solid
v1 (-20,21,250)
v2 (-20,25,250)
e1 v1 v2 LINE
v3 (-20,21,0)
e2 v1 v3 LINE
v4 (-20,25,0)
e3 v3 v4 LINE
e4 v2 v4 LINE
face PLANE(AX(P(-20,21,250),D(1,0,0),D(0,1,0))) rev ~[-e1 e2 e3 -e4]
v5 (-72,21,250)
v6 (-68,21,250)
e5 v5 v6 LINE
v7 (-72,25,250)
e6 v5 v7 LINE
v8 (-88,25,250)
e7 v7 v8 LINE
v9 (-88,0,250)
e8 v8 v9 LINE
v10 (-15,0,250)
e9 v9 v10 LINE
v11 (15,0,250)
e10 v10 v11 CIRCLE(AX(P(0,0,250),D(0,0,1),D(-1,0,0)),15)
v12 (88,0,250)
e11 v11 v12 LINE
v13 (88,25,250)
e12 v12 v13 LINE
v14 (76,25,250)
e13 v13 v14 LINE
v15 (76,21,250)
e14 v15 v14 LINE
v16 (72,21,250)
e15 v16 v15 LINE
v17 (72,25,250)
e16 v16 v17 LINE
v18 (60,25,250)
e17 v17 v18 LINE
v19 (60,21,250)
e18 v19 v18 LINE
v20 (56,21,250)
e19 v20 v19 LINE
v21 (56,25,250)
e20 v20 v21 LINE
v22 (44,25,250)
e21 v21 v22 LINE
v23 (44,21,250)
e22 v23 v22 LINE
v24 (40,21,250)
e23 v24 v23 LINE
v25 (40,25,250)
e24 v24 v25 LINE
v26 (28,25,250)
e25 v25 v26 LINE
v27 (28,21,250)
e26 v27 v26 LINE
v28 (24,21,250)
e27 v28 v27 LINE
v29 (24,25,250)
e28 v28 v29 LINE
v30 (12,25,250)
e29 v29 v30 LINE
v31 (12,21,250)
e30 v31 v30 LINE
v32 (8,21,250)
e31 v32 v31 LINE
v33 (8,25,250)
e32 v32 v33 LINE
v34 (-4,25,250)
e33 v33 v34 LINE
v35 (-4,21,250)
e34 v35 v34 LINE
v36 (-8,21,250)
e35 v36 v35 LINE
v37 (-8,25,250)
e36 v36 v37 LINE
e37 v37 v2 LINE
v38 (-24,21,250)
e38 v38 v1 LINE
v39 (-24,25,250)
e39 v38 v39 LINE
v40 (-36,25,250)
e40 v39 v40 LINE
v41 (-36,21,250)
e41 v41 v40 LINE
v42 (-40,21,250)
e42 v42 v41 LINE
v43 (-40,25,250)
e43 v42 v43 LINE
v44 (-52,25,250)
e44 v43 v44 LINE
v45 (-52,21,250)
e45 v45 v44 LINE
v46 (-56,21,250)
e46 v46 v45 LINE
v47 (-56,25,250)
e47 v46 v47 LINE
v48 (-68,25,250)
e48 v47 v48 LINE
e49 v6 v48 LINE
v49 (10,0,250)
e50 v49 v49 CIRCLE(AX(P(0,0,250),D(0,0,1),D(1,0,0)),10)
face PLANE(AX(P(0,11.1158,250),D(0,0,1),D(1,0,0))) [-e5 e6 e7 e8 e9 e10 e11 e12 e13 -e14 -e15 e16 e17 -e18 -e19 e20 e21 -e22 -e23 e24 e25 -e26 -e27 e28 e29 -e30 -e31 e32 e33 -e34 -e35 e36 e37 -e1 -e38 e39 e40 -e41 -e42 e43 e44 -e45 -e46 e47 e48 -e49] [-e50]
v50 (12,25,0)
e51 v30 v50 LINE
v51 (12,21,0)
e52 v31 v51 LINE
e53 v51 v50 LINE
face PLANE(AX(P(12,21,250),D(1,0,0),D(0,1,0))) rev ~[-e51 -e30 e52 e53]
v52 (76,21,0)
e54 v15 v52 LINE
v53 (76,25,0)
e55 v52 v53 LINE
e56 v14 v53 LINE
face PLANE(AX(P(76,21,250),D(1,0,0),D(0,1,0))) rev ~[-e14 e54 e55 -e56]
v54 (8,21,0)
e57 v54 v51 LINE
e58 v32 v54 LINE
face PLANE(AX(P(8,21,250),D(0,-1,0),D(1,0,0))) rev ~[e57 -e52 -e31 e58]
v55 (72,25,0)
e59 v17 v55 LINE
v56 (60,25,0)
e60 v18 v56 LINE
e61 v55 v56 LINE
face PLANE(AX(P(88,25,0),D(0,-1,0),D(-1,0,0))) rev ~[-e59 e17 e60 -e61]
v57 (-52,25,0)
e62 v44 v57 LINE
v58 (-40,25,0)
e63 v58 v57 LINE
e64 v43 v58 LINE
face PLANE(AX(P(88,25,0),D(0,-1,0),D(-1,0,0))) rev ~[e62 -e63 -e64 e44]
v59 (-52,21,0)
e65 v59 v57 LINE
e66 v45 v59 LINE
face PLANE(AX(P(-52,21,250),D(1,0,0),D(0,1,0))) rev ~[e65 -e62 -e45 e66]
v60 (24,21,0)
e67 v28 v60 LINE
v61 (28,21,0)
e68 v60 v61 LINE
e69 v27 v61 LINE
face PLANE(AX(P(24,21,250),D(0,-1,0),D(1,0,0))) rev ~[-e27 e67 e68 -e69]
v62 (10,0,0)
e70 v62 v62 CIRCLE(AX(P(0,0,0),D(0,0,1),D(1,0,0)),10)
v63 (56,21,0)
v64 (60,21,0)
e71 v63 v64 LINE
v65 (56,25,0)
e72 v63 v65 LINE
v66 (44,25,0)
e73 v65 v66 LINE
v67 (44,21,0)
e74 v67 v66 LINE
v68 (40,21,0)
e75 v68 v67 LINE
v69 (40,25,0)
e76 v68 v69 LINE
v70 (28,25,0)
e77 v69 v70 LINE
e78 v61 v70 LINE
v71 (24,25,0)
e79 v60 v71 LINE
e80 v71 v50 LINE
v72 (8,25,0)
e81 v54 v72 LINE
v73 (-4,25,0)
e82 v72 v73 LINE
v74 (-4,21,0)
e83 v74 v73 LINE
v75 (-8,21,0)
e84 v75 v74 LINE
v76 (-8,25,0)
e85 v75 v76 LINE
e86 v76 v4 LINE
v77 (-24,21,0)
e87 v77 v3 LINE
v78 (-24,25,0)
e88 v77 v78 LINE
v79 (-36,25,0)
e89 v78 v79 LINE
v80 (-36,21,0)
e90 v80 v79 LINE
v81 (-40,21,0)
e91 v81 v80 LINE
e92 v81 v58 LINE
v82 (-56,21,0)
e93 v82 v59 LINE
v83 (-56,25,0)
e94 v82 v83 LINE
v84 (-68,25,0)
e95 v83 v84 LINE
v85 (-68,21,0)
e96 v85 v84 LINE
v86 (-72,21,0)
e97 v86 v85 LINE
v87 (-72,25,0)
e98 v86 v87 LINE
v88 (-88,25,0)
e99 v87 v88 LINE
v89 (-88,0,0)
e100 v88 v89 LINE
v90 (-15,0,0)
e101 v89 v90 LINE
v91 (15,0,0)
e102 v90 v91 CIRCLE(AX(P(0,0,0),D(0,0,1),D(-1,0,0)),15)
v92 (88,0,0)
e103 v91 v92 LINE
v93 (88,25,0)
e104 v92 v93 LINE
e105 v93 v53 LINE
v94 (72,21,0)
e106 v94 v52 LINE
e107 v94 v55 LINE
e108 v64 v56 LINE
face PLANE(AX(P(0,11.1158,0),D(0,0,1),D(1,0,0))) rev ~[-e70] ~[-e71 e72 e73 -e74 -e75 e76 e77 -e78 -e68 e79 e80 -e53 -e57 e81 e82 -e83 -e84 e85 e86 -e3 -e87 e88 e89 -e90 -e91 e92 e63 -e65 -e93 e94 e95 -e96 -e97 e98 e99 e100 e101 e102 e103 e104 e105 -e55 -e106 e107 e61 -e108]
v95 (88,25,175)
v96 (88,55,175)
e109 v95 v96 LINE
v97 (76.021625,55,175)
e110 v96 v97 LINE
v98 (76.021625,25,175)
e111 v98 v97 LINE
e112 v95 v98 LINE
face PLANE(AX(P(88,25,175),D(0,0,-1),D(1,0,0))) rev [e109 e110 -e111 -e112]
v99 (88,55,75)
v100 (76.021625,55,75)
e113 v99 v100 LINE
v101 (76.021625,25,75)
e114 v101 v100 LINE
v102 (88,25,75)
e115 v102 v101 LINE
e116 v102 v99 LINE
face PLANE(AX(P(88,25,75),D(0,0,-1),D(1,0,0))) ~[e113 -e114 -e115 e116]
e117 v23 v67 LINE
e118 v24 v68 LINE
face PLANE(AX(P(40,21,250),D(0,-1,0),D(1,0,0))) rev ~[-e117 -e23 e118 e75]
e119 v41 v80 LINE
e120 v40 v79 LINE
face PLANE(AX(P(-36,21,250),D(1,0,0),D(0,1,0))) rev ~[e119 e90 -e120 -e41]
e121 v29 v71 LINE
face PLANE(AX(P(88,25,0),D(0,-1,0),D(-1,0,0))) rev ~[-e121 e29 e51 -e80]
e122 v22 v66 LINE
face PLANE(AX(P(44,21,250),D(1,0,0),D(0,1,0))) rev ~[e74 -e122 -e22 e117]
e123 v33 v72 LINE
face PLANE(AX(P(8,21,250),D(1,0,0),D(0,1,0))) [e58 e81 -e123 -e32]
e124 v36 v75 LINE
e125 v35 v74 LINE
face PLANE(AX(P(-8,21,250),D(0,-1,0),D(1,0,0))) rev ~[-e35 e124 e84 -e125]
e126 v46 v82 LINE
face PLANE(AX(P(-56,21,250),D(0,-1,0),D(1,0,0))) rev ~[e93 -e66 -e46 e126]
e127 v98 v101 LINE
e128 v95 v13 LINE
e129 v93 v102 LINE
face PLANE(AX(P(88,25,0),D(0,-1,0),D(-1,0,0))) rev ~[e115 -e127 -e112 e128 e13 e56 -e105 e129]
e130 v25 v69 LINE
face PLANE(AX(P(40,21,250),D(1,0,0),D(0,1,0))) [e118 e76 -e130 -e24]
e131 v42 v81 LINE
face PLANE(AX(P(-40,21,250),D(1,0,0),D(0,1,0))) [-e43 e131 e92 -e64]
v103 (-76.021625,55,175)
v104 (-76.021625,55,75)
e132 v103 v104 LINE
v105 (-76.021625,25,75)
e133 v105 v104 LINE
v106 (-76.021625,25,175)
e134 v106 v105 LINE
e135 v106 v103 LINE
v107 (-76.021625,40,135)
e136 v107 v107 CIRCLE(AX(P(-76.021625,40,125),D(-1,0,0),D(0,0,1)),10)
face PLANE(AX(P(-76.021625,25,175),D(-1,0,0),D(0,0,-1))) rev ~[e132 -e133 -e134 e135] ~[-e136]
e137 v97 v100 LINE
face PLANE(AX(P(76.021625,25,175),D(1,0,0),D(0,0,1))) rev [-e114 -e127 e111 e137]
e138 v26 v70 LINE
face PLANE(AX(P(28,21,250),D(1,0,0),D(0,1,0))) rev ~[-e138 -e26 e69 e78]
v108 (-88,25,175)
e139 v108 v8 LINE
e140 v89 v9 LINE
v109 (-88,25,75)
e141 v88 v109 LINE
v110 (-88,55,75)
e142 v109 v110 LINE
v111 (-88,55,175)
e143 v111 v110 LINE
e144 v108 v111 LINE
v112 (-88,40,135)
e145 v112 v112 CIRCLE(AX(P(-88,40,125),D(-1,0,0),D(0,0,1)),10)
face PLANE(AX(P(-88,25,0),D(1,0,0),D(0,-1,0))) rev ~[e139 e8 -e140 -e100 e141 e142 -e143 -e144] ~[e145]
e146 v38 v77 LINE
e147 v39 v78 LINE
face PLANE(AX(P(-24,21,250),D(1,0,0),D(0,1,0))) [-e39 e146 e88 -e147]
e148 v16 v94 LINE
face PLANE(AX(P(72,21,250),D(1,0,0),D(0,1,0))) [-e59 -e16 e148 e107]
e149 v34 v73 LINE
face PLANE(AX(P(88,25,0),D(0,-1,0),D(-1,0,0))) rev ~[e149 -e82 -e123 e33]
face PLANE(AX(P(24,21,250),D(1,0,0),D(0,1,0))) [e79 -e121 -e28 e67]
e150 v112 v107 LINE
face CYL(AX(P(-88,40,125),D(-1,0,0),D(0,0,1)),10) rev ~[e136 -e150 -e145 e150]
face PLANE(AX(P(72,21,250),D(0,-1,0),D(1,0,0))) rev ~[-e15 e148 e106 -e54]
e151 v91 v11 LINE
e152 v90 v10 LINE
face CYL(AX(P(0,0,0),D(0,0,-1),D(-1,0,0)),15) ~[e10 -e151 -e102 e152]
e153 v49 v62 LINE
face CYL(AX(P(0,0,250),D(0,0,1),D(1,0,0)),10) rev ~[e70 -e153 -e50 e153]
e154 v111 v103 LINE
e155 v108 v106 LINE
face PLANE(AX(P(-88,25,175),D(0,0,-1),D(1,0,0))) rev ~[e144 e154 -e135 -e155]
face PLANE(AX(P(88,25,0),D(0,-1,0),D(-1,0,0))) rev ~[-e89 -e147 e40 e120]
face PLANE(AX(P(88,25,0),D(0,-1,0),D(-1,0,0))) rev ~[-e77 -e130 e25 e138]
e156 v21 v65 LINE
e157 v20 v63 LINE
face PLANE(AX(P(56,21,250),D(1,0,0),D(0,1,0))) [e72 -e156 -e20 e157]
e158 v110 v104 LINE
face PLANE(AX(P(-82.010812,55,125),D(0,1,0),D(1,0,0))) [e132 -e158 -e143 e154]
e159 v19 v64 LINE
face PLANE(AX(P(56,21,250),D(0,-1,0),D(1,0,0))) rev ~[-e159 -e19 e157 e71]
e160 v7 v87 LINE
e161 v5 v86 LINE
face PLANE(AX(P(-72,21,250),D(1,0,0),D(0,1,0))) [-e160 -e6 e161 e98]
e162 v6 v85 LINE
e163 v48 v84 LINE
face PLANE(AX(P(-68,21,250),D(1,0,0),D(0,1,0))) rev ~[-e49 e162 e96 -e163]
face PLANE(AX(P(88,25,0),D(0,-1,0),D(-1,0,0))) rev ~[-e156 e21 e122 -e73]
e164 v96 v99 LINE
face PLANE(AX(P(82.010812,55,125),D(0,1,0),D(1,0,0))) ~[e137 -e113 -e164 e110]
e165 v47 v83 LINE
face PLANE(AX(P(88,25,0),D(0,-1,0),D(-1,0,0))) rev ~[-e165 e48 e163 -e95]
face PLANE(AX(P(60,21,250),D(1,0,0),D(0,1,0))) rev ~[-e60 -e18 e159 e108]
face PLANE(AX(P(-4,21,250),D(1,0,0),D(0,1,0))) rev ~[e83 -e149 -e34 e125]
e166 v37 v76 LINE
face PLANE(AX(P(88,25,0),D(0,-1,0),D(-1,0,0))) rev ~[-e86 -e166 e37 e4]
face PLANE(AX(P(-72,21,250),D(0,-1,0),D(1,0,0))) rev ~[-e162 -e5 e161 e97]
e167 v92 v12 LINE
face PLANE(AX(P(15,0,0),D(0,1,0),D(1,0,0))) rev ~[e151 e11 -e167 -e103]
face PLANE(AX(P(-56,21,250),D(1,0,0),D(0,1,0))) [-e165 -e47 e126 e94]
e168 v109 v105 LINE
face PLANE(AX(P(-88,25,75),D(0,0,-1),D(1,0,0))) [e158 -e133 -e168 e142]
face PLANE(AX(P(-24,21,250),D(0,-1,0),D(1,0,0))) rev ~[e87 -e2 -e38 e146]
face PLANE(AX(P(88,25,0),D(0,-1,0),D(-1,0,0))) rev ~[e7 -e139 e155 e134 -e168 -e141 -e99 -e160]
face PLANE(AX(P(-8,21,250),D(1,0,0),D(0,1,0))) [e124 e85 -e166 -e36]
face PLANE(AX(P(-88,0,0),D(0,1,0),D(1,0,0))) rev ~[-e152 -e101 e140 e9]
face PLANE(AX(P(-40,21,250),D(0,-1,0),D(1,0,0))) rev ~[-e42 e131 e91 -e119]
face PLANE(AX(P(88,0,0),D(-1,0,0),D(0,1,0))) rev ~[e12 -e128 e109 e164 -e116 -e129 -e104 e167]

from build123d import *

# Parameters (mm, degrees)
BOSS_EXTRUDE1_DEPTH = 250
SKETCH3_R           = 10
CUT_EXTRUDE1_DEPTH  = 251
SKETCH4_W           = 4
SKETCH4_H           = 4
CUT_EXTRUDE2_DEPTH  = 251
LPATTERN1_COUNT     = 10
LPATTERN1_PITCH     = 16
SKETCH5_W           = 11.978375281
SKETCH5_H           = 100
BOSS_EXTRUDE2_DEPTH = 30
SKETCH6_R           = 10
CUT_EXTRUDE3_DEPTH  = 20


with BuildPart() as part:
    # Sketch1 → Boss-Extrude1 (new body)
    with BuildSketch(Plane.XY):
        with BuildLine():
            Line((15, 0), (88, 0))
            Line((88, 0), (88, 25))
            Line((88, 25), (-88, 25))
            Line((-88, 25), (-88, 0))
            Line((-88, 0), (-15, 0))
            ThreePointArc((-15, 0), (0, -15), (15, 0))
        make_face()
    extrude(amount=BOSS_EXTRUDE1_DEPTH)

    # Sketch3 → Cut-Extrude1 (cut, through all)
    with BuildSketch(Plane.XY.offset(250)):
        Circle(SKETCH3_R)
    extrude(amount=-CUT_EXTRUDE1_DEPTH, mode=Mode.SUBTRACT)

    # Sketch4 → Cut-Extrude2 (cut, through all)
    with BuildSketch(Plane.XY.offset(250)):
        with Locations((-70, 23)):
            Rectangle(SKETCH4_W, SKETCH4_H)
    cut_extrude2 = extrude(amount=-CUT_EXTRUDE2_DEPTH, mode=Mode.SUBTRACT)

    # LPattern1: Cut-Extrude2 ×10
    with Locations(*[(i * LPATTERN1_PITCH, 0, 0) for i in range(1, LPATTERN1_COUNT)]):
        add(cut_extrude2, mode=Mode.SUBTRACT)

    # Sketch5 → Boss-Extrude2 (add)
    with BuildSketch(Plane(origin=(0, 25, 0), x_dir=(1, 0, 0), z_dir=(0, 1, 0))):
        with Locations((-82.010812359, -125)):
            Rectangle(SKETCH5_W, SKETCH5_H)
    boss_extrude2 = extrude(amount=BOSS_EXTRUDE2_DEPTH)

    # Mirror1: Boss-Extrude2 across plane
    add(boss_extrude2.mirror(Plane.ZY))

    # Sketch6 → Cut-Extrude3 (cut)
    with BuildSketch(Plane.ZY.offset(88)):
        with Locations((125, 40)):
            Circle(SKETCH6_R)
    extrude(amount=-CUT_EXTRUDE3_DEPTH, mode=Mode.SUBTRACT)


solid = part.part
